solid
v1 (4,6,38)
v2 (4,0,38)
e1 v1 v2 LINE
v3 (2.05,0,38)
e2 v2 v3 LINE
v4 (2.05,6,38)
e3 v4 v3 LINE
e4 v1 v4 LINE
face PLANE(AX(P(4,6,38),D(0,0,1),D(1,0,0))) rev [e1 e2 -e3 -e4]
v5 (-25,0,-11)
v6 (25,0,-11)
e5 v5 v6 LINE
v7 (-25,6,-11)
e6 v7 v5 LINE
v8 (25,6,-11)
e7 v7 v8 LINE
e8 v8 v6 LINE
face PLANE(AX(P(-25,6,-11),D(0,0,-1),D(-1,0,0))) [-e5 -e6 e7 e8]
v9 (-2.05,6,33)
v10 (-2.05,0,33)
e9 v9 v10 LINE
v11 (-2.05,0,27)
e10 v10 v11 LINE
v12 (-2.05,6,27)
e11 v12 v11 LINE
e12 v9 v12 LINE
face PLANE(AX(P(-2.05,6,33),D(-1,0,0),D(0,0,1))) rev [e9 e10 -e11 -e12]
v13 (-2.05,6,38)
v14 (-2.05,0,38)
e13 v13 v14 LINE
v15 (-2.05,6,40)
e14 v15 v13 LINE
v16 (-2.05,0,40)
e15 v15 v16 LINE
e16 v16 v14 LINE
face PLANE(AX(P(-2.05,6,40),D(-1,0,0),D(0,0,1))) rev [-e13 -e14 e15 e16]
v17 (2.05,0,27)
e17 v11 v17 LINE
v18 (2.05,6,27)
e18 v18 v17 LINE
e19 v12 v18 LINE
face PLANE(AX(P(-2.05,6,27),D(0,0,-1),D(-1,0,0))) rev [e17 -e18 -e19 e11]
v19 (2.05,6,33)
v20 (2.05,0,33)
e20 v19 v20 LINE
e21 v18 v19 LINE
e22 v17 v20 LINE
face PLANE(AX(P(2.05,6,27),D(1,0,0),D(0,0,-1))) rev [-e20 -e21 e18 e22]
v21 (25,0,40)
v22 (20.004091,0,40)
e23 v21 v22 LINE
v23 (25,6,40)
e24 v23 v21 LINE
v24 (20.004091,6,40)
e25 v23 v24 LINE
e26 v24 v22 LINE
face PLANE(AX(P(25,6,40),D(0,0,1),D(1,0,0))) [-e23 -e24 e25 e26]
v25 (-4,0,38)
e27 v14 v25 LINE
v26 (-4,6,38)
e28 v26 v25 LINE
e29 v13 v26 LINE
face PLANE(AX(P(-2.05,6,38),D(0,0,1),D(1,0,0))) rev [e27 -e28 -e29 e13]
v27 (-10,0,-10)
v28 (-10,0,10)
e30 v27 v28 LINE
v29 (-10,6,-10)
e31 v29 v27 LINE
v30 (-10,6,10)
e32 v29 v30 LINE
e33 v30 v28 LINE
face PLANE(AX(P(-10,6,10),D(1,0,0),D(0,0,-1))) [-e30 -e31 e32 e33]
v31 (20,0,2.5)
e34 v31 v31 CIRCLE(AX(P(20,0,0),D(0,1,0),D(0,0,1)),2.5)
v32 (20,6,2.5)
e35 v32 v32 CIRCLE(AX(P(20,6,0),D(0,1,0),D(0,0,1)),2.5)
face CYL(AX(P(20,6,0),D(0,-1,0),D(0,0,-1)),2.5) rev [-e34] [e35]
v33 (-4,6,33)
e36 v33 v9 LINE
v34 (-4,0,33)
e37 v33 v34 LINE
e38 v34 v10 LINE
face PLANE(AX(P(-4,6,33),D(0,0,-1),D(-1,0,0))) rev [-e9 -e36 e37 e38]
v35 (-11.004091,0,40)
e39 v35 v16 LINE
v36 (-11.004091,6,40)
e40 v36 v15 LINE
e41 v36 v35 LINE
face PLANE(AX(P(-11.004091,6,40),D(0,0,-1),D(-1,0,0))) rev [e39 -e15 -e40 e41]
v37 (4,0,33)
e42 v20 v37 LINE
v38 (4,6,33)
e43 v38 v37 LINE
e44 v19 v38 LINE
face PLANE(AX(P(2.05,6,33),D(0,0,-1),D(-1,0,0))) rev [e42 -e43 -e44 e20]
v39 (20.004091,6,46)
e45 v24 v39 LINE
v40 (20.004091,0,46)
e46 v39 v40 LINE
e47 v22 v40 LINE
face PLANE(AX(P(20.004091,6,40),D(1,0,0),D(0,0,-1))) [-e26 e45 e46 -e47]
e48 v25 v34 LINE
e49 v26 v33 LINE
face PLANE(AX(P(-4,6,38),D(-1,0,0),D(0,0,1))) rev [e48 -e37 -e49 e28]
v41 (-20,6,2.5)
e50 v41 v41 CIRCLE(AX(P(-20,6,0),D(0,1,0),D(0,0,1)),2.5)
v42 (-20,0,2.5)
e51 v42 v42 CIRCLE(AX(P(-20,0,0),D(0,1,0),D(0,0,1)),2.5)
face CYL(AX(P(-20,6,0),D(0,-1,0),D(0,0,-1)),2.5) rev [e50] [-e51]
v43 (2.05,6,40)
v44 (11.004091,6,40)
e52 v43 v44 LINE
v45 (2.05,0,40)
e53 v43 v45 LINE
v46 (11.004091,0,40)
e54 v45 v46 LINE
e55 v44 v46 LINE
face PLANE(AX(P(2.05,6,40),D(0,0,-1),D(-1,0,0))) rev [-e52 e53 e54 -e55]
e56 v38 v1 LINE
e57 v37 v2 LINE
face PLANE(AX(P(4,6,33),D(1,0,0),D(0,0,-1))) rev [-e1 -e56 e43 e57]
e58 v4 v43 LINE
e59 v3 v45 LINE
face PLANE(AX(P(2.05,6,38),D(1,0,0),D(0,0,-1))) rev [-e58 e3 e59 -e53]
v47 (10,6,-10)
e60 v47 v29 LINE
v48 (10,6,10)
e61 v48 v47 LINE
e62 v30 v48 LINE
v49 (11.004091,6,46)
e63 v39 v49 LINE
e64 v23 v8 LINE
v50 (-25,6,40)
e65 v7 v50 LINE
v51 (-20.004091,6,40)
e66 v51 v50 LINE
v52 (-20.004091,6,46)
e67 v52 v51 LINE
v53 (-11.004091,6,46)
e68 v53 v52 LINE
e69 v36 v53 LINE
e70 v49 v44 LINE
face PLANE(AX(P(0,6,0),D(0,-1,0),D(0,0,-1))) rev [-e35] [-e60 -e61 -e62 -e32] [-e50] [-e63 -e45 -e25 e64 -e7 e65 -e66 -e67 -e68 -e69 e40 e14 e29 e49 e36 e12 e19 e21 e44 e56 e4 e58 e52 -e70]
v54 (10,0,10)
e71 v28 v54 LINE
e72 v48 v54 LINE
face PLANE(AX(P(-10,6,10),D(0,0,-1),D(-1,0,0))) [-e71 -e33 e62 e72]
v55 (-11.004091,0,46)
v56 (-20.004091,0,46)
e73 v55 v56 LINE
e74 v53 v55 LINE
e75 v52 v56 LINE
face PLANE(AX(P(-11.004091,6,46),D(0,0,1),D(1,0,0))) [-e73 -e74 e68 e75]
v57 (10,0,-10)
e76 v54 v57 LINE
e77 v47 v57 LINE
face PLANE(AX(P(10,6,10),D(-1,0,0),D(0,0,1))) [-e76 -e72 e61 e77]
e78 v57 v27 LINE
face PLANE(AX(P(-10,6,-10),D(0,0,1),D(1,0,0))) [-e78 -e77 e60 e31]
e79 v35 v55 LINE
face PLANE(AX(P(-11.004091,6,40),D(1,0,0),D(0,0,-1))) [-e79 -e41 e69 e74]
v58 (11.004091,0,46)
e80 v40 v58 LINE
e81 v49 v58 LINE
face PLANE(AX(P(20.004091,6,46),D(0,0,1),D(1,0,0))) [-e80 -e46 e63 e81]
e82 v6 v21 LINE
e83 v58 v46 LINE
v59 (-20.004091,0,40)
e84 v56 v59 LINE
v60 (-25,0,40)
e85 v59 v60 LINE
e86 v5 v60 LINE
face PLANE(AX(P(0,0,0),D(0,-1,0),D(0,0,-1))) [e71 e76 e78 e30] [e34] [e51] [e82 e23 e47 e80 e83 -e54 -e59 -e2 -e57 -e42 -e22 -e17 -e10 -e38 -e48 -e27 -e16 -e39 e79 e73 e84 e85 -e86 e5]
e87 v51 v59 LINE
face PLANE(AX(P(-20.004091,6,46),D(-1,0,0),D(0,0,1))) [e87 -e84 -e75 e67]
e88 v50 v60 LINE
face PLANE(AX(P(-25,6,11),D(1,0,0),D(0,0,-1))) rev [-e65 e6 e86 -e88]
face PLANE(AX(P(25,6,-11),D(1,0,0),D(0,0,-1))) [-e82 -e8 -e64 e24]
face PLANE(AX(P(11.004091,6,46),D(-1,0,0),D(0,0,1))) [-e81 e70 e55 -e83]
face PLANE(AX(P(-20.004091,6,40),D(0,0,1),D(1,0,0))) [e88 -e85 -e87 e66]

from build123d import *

# Parameters (mm, degrees)
BOSS_EXTRUDE1_DEPTH = 6
SKETCH2_R           = 2.5
SKETCH2_W           = 20
SKETCH2_H           = 20
CUT_EXTRUDE3_DEPTH  = 6


with BuildPart() as part:
    # Sketch1 → Boss-Extrude1 (new body)
    with BuildSketch(Plane(origin=(0, 0, 0), x_dir=(1, 0, 0), z_dir=(0, 1, 0))):
        Polygon((-25, 11), (25, 11), (25, -11), (25, -40), (20.004090827, -40), (20.004090827, -46), (11.004090827, -46), (11.004090827, -40), (2.05, -40), (2.05, -38), (4, -38), (4, -33), (2.05, -33), (2.05, -27), (-2.05, -27), (-2.05, -33), (-4, -33), (-4, -38), (-2.05, -38), (-2.05, -40), (-11.004090827, -40), (-11.004090827, -46), (-20.004090827, -46), (-20.004090827, -40), (-25, -40), (-25, -11), align=None)
    extrude(amount=BOSS_EXTRUDE1_DEPTH)

    # Sketch2 → Cut-Extrude3 (cut)
    with BuildSketch(Plane(origin=(0, 0, 0), x_dir=(1, 0, 0), z_dir=(0, 1, 0))):
        with Locations((-20, 0)):
            Circle(SKETCH2_R)
        with Locations((20, 0)):
            Circle(SKETCH2_R)
        Rectangle(SKETCH2_W, SKETCH2_H)
    extrude(amount=CUT_EXTRUDE3_DEPTH, mode=Mode.SUBTRACT)


solid = part.part
